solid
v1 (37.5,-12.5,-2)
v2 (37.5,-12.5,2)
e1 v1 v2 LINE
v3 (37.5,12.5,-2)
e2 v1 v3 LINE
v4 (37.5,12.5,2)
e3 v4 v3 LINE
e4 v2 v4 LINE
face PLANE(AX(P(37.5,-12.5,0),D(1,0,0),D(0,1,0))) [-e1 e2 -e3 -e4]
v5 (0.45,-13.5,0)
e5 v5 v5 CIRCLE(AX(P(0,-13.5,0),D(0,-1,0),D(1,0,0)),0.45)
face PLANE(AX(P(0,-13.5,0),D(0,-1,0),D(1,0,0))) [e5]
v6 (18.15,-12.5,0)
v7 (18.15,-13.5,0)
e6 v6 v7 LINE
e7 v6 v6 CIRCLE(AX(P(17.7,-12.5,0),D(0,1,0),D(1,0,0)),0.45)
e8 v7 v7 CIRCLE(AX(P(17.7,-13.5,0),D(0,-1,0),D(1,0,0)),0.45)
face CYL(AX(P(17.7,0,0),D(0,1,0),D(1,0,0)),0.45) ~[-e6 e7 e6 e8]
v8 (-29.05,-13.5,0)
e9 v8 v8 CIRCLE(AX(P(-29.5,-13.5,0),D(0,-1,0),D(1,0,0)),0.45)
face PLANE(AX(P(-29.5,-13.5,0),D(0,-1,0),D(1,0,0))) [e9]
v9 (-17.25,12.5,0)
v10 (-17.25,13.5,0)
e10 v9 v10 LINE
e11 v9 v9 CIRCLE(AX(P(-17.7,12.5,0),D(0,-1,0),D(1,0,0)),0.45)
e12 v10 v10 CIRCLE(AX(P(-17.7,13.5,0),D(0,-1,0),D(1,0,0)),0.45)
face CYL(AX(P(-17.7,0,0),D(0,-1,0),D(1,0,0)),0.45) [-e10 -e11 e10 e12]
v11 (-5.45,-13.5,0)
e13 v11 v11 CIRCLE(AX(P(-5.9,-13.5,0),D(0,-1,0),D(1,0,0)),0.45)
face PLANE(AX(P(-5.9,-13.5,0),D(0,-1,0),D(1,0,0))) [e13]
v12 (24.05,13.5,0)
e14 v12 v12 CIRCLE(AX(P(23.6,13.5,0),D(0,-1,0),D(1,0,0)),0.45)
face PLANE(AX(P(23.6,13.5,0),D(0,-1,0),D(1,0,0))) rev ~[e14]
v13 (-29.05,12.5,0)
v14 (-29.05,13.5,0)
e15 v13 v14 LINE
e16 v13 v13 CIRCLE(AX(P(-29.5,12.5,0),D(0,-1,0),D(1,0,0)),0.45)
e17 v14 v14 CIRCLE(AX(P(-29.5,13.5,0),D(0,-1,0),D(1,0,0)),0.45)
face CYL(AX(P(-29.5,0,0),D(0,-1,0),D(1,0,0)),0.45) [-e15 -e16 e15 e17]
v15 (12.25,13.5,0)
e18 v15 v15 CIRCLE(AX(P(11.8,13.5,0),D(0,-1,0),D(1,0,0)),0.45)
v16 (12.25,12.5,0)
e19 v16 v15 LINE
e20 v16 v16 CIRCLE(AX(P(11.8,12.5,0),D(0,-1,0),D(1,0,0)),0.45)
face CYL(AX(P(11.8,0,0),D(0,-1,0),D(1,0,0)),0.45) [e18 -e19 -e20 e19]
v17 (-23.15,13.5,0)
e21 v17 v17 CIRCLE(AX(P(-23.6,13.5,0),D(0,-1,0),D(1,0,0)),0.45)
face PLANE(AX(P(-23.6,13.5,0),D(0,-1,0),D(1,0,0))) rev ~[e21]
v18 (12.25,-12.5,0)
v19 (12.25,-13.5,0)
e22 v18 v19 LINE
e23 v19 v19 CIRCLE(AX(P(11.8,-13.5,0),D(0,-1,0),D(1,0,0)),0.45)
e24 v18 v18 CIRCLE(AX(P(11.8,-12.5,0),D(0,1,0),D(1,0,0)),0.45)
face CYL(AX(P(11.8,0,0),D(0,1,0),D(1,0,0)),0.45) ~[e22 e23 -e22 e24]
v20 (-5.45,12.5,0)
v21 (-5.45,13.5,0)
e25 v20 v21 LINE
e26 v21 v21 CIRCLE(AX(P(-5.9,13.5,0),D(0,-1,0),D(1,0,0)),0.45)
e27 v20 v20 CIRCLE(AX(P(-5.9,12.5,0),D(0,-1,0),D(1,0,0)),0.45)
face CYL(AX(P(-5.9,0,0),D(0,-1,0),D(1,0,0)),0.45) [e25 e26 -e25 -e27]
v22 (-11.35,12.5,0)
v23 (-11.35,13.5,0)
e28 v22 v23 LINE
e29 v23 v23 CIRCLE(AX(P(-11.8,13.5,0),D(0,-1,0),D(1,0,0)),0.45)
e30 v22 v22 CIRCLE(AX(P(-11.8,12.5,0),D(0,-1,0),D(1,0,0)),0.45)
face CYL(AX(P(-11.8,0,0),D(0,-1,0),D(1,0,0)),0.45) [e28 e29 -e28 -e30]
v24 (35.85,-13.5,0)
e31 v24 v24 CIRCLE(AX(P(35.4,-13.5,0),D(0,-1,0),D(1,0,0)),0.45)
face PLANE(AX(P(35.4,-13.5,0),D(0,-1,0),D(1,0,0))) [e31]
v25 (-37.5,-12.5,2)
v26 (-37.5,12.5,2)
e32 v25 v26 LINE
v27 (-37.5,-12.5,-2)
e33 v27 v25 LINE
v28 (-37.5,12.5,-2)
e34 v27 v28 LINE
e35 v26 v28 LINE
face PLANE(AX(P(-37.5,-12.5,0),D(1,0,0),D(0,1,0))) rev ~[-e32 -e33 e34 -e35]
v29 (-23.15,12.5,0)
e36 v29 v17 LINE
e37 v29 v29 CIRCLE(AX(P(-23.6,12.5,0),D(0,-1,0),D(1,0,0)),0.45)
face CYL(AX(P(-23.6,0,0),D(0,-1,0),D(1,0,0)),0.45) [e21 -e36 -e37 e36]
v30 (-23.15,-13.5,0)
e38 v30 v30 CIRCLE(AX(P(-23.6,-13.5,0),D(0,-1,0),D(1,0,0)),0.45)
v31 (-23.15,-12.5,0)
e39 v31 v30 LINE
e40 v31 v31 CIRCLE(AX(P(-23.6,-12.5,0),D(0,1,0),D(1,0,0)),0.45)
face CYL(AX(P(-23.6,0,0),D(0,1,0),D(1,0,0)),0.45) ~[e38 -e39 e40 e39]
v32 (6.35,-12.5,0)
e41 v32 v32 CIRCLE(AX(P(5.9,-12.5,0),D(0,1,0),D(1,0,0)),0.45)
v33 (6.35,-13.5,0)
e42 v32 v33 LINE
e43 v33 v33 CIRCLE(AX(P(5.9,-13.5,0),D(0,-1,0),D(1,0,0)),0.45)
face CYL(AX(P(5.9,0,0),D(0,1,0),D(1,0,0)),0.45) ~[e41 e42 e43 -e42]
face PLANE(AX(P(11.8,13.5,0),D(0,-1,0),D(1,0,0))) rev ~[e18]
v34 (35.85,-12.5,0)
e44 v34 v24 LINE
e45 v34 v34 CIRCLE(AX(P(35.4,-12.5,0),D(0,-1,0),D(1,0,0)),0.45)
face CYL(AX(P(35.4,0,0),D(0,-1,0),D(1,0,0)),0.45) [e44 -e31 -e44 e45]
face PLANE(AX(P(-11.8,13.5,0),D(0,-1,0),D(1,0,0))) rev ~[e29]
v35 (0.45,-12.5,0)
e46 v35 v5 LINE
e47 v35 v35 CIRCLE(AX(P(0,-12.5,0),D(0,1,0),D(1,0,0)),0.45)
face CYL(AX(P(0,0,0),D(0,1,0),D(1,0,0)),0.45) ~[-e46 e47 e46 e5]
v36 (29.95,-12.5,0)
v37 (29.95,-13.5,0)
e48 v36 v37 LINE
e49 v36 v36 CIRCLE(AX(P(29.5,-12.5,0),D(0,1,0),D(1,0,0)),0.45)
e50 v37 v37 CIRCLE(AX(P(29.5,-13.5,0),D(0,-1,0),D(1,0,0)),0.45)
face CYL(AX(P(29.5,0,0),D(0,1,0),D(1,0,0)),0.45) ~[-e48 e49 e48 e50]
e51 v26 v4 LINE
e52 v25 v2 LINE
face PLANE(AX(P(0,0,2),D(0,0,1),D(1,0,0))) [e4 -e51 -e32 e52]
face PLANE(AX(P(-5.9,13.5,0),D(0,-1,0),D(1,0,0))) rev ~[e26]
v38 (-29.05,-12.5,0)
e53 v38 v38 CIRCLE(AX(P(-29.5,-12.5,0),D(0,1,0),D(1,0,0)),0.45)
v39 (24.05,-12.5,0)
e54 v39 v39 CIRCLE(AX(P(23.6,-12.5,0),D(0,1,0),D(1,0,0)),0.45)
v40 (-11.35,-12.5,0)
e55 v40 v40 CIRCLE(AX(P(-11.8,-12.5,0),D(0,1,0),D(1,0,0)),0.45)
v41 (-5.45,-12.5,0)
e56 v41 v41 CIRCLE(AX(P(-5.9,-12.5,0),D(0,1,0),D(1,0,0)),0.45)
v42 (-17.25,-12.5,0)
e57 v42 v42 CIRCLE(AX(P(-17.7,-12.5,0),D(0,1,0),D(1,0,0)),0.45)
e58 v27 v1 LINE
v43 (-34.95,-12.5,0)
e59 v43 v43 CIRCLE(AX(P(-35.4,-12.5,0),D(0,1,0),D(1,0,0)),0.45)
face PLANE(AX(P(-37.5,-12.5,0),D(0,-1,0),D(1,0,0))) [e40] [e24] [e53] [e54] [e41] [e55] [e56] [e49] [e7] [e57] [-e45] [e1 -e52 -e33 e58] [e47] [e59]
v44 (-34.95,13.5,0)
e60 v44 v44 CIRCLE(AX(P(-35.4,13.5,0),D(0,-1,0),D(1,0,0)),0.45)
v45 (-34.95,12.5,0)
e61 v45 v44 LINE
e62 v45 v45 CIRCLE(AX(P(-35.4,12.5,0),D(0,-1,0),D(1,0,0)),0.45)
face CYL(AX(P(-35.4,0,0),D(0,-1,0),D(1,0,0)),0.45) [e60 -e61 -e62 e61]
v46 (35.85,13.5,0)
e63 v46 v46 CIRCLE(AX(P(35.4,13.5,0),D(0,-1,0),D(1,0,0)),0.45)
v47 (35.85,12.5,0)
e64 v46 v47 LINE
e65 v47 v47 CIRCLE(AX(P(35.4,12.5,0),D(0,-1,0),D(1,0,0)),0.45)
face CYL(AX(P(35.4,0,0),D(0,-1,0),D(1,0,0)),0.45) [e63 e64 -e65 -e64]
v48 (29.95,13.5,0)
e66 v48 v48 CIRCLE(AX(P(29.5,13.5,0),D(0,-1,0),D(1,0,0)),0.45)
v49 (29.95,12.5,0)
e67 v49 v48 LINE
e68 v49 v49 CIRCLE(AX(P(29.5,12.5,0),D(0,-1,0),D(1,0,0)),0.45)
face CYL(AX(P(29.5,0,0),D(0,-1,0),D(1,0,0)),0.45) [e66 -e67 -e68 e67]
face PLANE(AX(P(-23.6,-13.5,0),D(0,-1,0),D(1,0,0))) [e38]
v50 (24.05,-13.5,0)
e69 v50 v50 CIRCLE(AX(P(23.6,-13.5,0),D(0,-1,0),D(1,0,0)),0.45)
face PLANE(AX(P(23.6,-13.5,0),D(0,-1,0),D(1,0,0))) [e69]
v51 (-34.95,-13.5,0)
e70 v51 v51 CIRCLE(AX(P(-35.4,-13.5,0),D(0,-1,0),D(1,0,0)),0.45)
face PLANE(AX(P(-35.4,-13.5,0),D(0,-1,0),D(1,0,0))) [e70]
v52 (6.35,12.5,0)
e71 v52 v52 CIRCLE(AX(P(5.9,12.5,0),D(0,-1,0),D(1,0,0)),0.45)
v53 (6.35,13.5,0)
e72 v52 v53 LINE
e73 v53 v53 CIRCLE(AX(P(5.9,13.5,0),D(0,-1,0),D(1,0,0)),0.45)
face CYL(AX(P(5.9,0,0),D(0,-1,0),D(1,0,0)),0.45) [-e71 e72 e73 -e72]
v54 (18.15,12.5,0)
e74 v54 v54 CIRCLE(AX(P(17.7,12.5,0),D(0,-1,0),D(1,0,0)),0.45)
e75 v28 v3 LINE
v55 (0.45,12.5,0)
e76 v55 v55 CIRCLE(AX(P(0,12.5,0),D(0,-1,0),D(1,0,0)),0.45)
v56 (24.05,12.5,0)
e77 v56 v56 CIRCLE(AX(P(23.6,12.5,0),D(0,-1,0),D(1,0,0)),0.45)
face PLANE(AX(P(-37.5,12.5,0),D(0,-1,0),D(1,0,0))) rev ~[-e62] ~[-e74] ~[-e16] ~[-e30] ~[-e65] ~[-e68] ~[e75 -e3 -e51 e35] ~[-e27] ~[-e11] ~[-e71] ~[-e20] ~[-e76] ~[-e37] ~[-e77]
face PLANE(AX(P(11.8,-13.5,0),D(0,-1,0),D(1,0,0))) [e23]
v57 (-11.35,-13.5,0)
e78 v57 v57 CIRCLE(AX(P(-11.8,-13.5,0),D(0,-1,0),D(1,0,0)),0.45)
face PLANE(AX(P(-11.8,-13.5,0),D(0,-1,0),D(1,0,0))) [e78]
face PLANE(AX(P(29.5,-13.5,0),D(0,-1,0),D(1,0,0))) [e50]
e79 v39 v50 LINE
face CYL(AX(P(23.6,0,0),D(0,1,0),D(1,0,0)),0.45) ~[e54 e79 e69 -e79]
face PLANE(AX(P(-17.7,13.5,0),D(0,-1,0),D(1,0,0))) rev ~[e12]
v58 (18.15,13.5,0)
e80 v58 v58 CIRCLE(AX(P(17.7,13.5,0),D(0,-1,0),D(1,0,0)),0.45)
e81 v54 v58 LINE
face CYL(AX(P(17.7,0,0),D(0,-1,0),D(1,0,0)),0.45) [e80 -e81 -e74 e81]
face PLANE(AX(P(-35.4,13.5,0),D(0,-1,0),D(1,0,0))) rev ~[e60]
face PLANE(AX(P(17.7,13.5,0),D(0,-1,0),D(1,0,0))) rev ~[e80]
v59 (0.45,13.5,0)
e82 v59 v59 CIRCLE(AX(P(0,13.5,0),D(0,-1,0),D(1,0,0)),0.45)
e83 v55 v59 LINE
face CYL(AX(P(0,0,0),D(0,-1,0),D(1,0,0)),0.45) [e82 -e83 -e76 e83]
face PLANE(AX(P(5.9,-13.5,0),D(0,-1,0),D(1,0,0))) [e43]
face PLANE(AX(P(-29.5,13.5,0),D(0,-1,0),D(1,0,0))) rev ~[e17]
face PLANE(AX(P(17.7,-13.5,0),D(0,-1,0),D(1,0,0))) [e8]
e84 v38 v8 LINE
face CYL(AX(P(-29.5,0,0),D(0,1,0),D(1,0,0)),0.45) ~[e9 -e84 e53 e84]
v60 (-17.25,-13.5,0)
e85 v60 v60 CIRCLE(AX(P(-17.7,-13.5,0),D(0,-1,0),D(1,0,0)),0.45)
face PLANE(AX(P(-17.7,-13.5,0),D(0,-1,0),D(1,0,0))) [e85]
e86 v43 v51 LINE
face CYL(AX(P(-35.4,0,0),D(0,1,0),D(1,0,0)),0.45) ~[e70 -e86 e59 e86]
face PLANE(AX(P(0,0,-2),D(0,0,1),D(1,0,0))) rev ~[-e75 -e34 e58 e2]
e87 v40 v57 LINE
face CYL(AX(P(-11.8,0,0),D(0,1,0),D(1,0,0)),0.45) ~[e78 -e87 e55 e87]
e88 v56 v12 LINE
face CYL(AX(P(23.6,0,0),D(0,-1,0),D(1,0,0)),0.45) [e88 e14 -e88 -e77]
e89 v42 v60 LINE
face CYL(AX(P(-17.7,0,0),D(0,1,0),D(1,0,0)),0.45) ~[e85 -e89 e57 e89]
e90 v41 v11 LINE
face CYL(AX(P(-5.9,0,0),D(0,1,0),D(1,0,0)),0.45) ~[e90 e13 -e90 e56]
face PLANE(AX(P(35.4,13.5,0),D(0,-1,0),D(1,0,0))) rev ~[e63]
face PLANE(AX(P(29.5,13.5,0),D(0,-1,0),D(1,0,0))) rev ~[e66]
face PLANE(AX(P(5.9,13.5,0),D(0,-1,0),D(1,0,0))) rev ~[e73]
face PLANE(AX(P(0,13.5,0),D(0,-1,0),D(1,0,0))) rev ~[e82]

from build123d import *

# Parameters (mm, degrees)
F0_W     = 75
F0_H     = 25
F1_DEPTH = 2
F2_R     = 0.45
F3_DEPTH = 13.5


with BuildPart() as f1:
    # F0 (on Top) → F1 (new body, symmetric)
    with BuildSketch(Plane.XY):
        Rectangle(F0_W, F0_H)
    extrude(amount=F1_DEPTH, both=True)

    # F2 (on Front) → F3 (join, symmetric)
    with BuildSketch(Plane.XZ):
        Circle(F2_R)
        with Locations((-5.9, 0)):
            Circle(F2_R)
        with Locations((-11.8, 0)):
            Circle(F2_R)
        with Locations((-17.7, 0)):
            Circle(F2_R)
        with Locations((-23.6, 0)):
            Circle(F2_R)
        with Locations((-29.5, 0)):
            Circle(F2_R)
        with Locations((-35.4, 0)):
            Circle(F2_R)
        with Locations((5.9, 0)):
            Circle(F2_R)
        with Locations((11.8, 0)):
            Circle(F2_R)
        with Locations((17.7, 0)):
            Circle(F2_R)
        with Locations((23.6, 0)):
            Circle(F2_R)
        with Locations((29.5, 0)):
            Circle(F2_R)
        with Locations((35.4, 0)):
            Circle(F2_R)
    extrude(amount=F3_DEPTH, both=True)


solid = f1.part
